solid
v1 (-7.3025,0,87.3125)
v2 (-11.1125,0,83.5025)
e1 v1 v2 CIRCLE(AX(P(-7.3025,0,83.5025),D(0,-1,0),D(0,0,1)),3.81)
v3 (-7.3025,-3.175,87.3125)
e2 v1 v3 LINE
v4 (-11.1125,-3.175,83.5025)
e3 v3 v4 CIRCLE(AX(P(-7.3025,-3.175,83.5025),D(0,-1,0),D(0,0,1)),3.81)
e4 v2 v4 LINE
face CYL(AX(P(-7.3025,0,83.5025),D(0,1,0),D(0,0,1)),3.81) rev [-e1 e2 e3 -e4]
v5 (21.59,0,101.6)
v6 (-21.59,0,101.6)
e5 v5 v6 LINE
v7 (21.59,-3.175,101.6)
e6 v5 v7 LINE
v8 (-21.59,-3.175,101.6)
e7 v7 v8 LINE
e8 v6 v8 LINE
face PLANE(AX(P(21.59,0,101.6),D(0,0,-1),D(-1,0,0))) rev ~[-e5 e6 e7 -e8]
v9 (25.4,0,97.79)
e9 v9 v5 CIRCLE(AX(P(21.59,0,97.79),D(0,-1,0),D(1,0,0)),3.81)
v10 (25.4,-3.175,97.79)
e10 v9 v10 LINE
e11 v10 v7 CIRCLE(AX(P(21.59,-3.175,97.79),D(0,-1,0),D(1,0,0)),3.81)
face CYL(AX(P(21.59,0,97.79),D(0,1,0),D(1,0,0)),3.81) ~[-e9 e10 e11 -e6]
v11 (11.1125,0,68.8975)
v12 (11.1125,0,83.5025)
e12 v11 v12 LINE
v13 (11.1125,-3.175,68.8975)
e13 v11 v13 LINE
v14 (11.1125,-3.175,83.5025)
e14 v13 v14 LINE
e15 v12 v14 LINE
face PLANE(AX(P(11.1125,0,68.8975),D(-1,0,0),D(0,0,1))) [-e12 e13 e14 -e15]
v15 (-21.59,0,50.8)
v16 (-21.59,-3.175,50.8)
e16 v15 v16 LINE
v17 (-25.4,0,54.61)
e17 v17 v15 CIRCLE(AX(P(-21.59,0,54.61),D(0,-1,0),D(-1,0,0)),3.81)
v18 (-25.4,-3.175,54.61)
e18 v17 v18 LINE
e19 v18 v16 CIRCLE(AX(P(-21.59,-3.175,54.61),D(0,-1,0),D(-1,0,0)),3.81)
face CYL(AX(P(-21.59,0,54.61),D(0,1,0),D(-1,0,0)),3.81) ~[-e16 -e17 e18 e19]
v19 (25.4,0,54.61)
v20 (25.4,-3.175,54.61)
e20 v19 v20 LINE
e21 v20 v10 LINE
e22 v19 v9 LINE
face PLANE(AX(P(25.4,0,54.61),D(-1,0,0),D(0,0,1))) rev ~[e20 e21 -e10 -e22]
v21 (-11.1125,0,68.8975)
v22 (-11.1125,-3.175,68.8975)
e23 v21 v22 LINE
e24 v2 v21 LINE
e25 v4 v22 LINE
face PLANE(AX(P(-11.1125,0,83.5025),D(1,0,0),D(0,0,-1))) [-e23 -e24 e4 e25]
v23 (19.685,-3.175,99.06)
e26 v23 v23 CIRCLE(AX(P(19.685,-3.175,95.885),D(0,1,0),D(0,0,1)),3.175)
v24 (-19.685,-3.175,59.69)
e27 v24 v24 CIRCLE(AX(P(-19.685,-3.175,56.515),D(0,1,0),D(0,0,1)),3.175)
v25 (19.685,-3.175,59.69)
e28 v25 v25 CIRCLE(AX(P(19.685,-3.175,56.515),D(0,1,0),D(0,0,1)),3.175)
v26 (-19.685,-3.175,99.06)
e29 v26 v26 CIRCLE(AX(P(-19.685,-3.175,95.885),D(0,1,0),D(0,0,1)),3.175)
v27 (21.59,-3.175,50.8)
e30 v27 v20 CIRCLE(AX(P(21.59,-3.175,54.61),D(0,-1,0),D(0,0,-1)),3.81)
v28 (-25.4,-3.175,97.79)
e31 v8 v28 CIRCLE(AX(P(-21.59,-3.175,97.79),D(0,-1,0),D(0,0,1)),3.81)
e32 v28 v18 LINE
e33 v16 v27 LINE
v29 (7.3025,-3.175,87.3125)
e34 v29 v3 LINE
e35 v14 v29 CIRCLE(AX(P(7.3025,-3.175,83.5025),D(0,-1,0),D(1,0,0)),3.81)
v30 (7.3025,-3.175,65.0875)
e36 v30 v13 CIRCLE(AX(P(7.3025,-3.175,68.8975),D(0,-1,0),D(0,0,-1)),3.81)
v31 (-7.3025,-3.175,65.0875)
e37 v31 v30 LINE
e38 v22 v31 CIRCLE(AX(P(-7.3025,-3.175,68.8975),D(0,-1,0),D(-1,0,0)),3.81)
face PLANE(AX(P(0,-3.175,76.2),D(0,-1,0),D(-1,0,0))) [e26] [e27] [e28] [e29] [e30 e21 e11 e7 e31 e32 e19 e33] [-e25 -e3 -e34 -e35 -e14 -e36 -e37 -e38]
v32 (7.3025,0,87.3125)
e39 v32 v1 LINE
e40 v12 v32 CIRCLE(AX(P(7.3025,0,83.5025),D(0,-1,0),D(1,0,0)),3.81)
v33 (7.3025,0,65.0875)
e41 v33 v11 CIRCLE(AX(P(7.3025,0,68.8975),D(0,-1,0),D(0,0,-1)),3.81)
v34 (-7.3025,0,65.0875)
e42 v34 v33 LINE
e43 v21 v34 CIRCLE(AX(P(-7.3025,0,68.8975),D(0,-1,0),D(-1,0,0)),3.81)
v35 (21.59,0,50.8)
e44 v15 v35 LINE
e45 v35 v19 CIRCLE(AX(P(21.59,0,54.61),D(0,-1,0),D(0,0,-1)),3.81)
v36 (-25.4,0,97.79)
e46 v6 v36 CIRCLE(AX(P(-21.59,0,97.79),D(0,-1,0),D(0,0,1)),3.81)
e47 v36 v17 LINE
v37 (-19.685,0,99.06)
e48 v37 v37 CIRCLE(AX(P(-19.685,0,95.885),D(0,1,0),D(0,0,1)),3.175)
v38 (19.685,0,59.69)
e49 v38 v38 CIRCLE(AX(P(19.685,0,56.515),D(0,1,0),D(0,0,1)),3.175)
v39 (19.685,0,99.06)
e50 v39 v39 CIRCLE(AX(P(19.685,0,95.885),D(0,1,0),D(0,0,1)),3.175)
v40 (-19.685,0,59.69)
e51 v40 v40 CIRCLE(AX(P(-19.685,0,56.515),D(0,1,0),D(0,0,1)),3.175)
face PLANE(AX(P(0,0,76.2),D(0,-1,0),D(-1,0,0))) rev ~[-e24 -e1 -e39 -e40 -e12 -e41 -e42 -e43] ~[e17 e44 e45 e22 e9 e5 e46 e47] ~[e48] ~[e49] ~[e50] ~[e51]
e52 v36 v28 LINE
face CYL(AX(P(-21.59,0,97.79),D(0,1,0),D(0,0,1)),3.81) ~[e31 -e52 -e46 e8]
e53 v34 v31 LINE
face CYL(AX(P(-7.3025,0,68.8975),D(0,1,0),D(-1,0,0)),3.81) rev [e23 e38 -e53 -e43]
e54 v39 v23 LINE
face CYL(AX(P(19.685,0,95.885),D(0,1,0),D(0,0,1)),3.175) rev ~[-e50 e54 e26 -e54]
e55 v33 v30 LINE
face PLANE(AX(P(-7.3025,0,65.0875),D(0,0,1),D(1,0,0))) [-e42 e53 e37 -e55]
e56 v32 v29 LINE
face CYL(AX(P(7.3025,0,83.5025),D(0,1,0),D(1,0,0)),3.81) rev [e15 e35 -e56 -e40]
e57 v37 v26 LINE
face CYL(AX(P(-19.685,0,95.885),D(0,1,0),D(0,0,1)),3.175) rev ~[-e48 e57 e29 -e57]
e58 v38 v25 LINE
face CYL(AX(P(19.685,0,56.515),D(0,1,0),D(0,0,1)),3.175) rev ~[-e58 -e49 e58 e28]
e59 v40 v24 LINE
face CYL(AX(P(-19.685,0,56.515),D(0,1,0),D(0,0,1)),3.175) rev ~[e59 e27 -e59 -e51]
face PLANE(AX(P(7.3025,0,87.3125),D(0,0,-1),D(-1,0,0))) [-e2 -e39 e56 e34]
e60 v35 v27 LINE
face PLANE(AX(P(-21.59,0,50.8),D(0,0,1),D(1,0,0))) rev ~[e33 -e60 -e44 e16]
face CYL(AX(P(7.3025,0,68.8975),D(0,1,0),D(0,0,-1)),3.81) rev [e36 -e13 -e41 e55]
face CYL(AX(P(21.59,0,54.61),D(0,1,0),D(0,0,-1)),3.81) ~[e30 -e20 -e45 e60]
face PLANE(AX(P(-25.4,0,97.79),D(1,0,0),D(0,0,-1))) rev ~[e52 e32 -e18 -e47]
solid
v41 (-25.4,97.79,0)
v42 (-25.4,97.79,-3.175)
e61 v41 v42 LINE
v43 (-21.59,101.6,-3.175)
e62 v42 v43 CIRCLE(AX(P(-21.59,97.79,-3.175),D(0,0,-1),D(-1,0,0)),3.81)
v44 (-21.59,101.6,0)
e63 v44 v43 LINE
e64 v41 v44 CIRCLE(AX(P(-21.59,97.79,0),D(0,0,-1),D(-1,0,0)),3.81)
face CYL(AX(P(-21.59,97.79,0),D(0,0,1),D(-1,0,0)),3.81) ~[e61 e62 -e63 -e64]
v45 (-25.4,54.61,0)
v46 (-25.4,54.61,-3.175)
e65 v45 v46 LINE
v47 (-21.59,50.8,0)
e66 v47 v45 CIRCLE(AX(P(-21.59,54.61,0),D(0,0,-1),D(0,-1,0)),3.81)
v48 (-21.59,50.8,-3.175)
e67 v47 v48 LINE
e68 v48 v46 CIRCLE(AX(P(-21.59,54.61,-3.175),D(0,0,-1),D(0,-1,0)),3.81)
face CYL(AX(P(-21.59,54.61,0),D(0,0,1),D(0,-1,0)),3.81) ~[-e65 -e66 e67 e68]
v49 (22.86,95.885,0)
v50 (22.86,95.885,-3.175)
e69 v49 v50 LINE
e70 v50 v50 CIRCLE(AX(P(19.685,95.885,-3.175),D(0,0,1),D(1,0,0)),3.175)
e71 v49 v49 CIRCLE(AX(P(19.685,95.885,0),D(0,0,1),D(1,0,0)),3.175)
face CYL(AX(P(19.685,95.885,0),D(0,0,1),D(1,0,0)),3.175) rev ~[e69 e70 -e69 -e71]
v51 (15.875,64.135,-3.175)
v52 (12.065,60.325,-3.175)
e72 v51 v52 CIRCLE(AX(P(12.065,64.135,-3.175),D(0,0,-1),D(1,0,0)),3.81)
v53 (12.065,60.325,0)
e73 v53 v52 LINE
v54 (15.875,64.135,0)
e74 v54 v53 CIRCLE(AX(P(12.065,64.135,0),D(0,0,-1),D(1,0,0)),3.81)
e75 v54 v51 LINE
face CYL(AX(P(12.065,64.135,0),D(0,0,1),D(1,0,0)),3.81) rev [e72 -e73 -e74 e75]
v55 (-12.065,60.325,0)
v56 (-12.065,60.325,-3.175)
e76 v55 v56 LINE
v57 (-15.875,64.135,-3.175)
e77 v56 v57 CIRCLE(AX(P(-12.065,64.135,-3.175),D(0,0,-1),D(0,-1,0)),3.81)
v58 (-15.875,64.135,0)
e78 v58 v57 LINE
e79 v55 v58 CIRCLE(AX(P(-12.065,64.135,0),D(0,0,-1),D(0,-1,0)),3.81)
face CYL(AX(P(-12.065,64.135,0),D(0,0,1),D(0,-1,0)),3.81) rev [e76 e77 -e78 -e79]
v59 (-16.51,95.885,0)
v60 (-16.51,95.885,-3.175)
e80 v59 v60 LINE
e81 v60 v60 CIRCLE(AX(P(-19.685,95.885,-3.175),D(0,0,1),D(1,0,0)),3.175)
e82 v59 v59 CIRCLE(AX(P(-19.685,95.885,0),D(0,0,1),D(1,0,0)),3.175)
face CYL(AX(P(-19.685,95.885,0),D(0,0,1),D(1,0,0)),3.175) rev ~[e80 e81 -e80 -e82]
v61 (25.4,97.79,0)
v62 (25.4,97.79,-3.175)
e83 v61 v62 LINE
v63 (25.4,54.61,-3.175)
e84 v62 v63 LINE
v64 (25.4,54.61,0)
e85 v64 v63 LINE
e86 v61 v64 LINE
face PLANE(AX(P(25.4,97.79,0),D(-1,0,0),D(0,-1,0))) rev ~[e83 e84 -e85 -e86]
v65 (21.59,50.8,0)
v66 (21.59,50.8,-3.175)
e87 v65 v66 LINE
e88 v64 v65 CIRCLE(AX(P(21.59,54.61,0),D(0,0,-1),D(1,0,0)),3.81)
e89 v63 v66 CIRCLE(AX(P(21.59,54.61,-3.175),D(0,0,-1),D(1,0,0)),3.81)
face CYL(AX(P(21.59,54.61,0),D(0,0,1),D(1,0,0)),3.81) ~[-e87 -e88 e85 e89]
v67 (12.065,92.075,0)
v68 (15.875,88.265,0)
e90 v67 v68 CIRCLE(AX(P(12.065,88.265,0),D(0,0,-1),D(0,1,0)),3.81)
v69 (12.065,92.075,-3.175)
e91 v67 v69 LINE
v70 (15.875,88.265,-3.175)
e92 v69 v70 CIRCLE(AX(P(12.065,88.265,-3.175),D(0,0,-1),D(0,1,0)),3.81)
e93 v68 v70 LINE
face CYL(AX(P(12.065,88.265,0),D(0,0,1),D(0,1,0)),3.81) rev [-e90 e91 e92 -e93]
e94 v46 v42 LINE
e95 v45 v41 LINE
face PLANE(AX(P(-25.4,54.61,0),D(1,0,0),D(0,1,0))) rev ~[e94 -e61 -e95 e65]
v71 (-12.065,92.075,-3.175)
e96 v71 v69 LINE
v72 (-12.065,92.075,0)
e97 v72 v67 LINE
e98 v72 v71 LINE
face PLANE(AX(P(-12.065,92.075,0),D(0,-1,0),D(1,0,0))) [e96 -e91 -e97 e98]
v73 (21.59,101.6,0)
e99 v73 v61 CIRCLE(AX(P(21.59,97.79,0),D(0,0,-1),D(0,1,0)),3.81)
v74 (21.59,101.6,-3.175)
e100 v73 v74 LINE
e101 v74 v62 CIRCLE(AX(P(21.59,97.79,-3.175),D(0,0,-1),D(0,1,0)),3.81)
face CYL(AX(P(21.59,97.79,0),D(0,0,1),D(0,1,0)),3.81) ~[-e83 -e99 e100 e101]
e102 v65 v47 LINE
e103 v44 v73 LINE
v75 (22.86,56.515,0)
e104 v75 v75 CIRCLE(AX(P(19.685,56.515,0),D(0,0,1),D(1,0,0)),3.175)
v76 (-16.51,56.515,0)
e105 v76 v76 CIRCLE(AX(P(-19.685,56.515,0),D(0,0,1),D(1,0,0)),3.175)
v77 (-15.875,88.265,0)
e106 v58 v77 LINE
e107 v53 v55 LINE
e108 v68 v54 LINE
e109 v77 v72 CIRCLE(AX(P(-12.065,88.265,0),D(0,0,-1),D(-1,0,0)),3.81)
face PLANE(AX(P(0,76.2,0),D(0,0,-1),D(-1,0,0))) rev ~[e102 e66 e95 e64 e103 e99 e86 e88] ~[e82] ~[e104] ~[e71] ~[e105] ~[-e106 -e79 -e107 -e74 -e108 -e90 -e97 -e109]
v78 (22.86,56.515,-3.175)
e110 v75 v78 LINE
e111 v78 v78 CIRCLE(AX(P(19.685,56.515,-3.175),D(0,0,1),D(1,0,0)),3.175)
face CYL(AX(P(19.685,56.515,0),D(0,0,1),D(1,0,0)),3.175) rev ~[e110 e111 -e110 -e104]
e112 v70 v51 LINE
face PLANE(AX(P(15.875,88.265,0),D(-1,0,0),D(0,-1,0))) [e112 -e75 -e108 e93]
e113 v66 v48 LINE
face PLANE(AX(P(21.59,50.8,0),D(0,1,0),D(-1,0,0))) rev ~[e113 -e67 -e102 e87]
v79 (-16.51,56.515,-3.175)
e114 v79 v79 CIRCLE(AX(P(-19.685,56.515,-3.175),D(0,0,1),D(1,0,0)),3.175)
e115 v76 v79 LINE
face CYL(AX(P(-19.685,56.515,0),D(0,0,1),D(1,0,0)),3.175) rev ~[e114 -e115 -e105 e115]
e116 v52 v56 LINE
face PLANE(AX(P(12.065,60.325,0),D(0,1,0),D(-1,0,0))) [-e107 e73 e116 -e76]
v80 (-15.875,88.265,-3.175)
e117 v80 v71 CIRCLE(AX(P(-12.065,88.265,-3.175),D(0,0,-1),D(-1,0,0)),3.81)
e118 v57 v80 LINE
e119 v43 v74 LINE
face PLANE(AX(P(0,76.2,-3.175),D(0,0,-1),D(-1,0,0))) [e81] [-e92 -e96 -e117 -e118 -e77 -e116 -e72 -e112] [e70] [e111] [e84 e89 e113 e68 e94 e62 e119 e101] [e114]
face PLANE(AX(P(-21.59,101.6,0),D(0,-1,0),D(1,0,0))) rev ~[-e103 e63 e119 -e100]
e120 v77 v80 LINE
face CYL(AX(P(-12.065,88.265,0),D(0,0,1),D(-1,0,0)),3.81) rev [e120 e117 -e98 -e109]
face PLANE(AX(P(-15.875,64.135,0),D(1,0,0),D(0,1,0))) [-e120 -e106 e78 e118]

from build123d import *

# Parameters (mm, degrees)
SKETCH1_R           = 3.175
TOP_FLANGE_DEPTH    = 3.175
SKETCH2_R           = 3.175
BOTTOM_FLANGE_DEPTH = 3.175


with BuildPart() as part:
    # Sketch1 → Top-Flange (new body)
    with BuildSketch(Plane.XY):
        with BuildLine():
            Line((-21.59, 101.6), (21.59, 101.6))
            ThreePointArc((21.59, 101.6), (24.284076836, 100.484076836), (25.4, 97.79))
            Line((25.4, 97.79), (25.4, 54.61))
            ThreePointArc((25.4, 54.61), (24.284076836, 51.915923164), (21.59, 50.8))
            Line((21.59, 50.8), (-21.59, 50.8))
            ThreePointArc((-21.59, 50.8), (-24.284076836, 51.915923164), (-25.4, 54.61))
            Line((-25.4, 54.61), (-25.4, 97.79))
            ThreePointArc((-25.4, 97.79), (-24.284076836, 100.484076836), (-21.59, 101.6))
        make_face()
        with Locations((-19.685, 95.885)):
            Circle(SKETCH1_R, mode=Mode.SUBTRACT)
        with Locations((19.685, 95.885)):
            Circle(SKETCH1_R, mode=Mode.SUBTRACT)
        with Locations((-19.685, 56.515)):
            Circle(SKETCH1_R, mode=Mode.SUBTRACT)
        with Locations((19.685, 56.515)):
            Circle(SKETCH1_R, mode=Mode.SUBTRACT)
        with BuildLine():
            Line((-12.065, 92.075), (12.065, 92.075))
            ThreePointArc((12.065, 92.075), (14.759076836, 90.959076836), (15.875, 88.265))
            Line((15.875, 88.265), (15.875, 64.135))
            ThreePointArc((15.875, 64.135), (14.759076836, 61.440923164), (12.065, 60.325))
            Line((12.065, 60.325), (-12.065, 60.325))
            ThreePointArc((-12.065, 60.325), (-14.759076836, 61.440923164), (-15.875, 64.135))
            Line((-15.875, 64.135), (-15.875, 88.265))
            ThreePointArc((-15.875, 88.265), (-14.759076836, 90.959076836), (-12.065, 92.075))
        make_face(mode=Mode.SUBTRACT)
    extrude(amount=-TOP_FLANGE_DEPTH)


with BuildPart() as body_2:
    # Sketch2 → Bottom-Flange (new body)
    with BuildSketch(Plane(origin=(0, 0, 0), x_dir=(1, 0, 0), z_dir=(0, 1, 0))):
        with BuildLine():
            Line((-21.59, -50.8), (21.59, -50.8))
            ThreePointArc((21.59, -50.8), (24.284076836, -51.915923164), (25.4, -54.61))
            Line((25.4, -54.61), (25.4, -97.79))
            ThreePointArc((25.4, -97.79), (24.284076836, -100.484076836), (21.59, -101.6))
            Line((21.59, -101.6), (-21.59, -101.6))
            ThreePointArc((-21.59, -101.6), (-24.284076836, -100.484076836), (-25.4, -97.79))
            Line((-25.4, -97.79), (-25.4, -54.61))
            ThreePointArc((-25.4, -54.61), (-24.284076836, -51.915923164), (-21.59, -50.8))
        make_face()
        with Locations(Location((-19.685, -56.515, 0), (0, 0, 270))):  # turned: the seam where the file's is
            Circle(SKETCH2_R, mode=Mode.SUBTRACT)
        with Locations(Location((19.685, -56.515, 0), (0, 0, 270))):  # turned: the seam where the file's is
            Circle(SKETCH2_R, mode=Mode.SUBTRACT)
        with Locations(Location((-19.685, -95.885, 0), (0, 0, 270))):  # turned: the seam where the file's is
            Circle(SKETCH2_R, mode=Mode.SUBTRACT)
        with Locations(Location((19.685, -95.885, 0), (0, 0, 270))):  # turned: the seam where the file's is
            Circle(SKETCH2_R, mode=Mode.SUBTRACT)
        with BuildLine():
            Line((-7.3025, -65.0875), (7.3025, -65.0875))
            ThreePointArc((7.3025, -65.0875), (9.996576836, -66.203423164), (11.1125, -68.8975))
            Line((11.1125, -68.8975), (11.1125, -83.5025))
            ThreePointArc((11.1125, -83.5025), (9.996576836, -86.196576836), (7.3025, -87.3125))
            Line((7.3025, -87.3125), (-7.3025, -87.3125))
            ThreePointArc((-7.3025, -87.3125), (-9.996576836, -86.196576836), (-11.1125, -83.5025))
            Line((-11.1125, -83.5025), (-11.1125, -68.8975))
            ThreePointArc((-11.1125, -68.8975), (-9.996576836, -66.203423164), (-7.3025, -65.0875))
        make_face(mode=Mode.SUBTRACT)
    extrude(amount=-BOTTOM_FLANGE_DEPTH)


solid = Compound([part.part, body_2.part])
